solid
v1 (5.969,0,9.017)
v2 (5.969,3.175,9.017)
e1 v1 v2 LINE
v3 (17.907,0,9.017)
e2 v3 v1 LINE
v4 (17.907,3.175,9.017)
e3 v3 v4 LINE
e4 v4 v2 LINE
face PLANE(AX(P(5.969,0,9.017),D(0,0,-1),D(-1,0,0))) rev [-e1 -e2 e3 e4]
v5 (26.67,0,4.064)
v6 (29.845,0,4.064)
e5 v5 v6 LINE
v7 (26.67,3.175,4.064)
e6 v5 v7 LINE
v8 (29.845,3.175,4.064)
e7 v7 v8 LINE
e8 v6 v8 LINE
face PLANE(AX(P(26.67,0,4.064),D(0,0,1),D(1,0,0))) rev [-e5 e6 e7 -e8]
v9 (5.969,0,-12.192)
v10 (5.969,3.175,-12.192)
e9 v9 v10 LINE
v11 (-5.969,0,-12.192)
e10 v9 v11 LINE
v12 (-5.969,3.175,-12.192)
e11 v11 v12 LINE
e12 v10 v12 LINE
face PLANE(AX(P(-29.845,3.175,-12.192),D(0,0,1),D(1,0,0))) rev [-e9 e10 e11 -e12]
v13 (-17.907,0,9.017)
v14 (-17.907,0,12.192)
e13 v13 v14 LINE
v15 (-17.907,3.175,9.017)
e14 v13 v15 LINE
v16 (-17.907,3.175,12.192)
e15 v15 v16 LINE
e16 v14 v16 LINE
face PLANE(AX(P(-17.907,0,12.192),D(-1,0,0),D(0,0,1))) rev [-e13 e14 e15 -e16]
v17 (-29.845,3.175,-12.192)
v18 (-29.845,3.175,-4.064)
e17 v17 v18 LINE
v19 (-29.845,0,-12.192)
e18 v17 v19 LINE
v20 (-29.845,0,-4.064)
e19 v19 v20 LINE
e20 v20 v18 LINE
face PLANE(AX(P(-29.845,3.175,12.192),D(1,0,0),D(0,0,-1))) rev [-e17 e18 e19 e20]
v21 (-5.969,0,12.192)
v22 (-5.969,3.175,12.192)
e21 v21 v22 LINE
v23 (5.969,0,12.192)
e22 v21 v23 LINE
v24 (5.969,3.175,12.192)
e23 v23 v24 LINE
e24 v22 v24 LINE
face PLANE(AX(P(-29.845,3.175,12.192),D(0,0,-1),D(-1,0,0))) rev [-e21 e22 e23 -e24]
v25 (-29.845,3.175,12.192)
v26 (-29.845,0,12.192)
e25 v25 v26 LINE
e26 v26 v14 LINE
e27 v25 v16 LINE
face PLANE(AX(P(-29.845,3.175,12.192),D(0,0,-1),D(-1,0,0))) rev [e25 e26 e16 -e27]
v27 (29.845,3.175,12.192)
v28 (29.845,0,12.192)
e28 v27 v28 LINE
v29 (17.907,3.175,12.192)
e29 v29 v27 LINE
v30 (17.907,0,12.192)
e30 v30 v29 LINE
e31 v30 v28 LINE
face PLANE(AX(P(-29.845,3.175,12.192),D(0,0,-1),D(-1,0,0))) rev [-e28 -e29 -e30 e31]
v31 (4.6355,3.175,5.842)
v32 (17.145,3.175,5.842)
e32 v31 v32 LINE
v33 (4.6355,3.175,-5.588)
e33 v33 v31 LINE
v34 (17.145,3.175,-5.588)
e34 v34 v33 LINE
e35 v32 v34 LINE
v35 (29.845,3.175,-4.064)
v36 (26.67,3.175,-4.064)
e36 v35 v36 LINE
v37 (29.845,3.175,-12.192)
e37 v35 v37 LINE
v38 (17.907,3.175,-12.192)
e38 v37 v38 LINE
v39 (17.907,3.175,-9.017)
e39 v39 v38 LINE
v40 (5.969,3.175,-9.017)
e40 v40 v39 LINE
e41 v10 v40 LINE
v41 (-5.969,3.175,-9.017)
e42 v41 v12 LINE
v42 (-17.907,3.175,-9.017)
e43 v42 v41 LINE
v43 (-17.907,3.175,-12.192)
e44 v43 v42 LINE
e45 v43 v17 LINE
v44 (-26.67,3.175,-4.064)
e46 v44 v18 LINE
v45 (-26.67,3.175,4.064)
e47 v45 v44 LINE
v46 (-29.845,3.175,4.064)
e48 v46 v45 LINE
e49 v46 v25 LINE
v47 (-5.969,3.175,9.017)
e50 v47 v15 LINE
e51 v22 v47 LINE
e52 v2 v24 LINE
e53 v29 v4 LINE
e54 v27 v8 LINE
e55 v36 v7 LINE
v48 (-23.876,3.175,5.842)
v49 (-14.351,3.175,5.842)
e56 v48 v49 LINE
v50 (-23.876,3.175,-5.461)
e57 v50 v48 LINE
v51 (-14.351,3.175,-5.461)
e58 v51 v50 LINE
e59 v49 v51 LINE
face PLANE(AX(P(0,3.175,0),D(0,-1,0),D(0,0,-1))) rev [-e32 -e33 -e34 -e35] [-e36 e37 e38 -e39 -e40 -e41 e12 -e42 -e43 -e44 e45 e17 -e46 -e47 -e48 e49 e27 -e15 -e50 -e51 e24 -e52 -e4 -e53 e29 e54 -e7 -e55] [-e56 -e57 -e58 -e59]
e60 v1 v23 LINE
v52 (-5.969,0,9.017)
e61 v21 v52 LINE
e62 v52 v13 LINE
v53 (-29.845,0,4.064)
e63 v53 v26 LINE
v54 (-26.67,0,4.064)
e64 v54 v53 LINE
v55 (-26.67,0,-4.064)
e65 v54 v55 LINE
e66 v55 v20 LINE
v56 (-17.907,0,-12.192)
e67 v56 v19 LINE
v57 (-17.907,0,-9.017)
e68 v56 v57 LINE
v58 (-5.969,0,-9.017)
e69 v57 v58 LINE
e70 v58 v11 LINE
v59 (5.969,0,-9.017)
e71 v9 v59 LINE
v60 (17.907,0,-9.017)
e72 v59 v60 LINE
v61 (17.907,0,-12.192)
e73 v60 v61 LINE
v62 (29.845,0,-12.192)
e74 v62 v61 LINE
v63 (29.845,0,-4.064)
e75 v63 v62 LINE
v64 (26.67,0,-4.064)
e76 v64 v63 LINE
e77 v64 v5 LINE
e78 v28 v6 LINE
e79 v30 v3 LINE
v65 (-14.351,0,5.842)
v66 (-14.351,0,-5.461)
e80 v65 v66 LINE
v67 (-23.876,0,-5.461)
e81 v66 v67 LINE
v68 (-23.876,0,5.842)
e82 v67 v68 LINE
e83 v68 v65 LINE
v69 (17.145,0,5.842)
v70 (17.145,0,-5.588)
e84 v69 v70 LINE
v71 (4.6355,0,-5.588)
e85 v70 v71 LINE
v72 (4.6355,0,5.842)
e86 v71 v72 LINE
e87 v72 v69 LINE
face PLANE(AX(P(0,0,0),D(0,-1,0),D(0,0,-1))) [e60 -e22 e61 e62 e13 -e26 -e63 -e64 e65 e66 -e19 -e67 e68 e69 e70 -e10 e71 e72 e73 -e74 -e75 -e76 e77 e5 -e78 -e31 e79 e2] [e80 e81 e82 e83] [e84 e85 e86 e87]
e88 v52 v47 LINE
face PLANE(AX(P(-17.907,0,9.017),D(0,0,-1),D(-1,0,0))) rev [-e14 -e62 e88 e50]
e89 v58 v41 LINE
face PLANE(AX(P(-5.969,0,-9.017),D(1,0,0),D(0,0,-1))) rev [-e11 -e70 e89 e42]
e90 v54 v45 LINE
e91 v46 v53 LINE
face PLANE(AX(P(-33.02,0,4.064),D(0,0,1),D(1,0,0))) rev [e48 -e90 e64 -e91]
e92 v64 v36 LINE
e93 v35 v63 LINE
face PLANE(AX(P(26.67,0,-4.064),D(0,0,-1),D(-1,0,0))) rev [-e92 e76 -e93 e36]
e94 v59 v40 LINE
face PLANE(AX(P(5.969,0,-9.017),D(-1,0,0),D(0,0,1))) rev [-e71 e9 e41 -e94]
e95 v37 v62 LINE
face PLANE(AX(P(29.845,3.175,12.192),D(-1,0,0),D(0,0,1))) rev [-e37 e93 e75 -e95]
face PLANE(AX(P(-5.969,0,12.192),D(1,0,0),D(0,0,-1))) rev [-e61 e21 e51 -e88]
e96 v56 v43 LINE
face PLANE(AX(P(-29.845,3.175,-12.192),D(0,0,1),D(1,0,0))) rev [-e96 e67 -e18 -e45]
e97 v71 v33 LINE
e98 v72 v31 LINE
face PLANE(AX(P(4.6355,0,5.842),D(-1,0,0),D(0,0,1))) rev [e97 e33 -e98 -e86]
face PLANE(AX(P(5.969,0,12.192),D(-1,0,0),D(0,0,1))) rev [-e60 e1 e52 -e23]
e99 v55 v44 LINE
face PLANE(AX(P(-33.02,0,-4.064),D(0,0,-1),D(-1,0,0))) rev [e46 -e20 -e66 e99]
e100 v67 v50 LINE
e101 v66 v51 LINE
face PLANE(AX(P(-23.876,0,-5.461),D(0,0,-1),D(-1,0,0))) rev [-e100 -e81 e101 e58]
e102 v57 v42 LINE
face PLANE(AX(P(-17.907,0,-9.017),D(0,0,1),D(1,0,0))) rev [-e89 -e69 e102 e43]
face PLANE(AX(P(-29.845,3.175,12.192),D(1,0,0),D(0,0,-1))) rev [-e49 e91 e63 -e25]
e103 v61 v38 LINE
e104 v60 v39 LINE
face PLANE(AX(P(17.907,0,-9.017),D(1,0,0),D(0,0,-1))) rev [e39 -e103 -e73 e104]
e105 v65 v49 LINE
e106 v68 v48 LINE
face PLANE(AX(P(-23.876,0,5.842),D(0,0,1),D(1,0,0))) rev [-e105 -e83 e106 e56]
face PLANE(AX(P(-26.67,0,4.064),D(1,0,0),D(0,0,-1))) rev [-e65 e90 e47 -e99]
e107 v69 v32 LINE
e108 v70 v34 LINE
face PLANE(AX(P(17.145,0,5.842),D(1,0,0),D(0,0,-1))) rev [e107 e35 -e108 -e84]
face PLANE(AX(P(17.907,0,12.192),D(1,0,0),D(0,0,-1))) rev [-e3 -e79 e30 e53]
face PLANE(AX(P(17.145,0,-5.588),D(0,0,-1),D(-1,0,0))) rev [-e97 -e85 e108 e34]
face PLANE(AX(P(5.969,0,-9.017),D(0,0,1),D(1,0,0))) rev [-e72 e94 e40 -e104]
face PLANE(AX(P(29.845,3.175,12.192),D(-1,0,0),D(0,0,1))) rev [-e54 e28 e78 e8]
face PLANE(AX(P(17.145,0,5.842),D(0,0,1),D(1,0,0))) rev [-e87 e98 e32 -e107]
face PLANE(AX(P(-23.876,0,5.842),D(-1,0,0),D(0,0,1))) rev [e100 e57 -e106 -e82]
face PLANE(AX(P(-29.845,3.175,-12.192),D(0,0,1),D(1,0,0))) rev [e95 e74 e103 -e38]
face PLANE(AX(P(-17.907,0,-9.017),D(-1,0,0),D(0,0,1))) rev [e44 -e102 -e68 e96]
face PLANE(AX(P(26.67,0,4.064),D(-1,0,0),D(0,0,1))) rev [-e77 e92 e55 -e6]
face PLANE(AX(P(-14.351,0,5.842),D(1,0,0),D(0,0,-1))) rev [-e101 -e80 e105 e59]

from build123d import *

# Parameters (mm, degrees)
SKETCH1_W           = 59.69
SKETCH1_H           = 24.384
BOSS_EXTRUDE2_DEPTH = 3.175
SKETCH3_W           = 11.938
SKETCH3_H           = 3.175
CUT_EXTRUDE2_DEPTH  = 3.175
LPATTERN2_COUNT     = 2
LPATTERN2_PITCH     = 23.876
SKETCH4_W           = 6.35
SKETCH4_H           = 8.128
CUT_EXTRUDE3_DEPTH  = 3.175
SKETCH5_W           = 9.525
SKETCH5_H           = 11.303
SKETCH5_W_2         = 12.5095
SKETCH5_H_2         = 11.43
CUT_EXTRUDE4_DEPTH  = 3.175


with BuildPart() as part:
    # Sketch1 → Boss-Extrude2 (new body)
    with BuildSketch(Plane(origin=(0, 0, 0), x_dir=(1, 0, 0), z_dir=(0, 1, 0))):
        Rectangle(SKETCH1_W, SKETCH1_H)
    extrude(amount=BOSS_EXTRUDE2_DEPTH)

    # Sketch3 → Cut-Extrude2 (cut)
    with BuildSketch(Plane(origin=(0, 3.175, 0), x_dir=(1, 0, 0), z_dir=(0, 1, 0))):
        with Locations((11.938, 10.6045)):
            Rectangle(SKETCH3_W, SKETCH3_H)
        with Locations((11.938, -10.6045)):
            Rectangle(SKETCH3_W, SKETCH3_H)
    cut_extrude2 = extrude(amount=-CUT_EXTRUDE2_DEPTH, mode=Mode.SUBTRACT)

    # LPattern2: Cut-Extrude2 ×2
    with Locations(*[(-i * LPATTERN2_PITCH, 0, 0) for i in range(1, LPATTERN2_COUNT)]):
        add(cut_extrude2, mode=Mode.SUBTRACT)

    # Sketch4 → Cut-Extrude3 (cut)
    with BuildSketch(Plane(origin=(0, 3.175, 0), x_dir=(1, 0, 0), z_dir=(0, 1, 0))):
        with Locations((-29.845, 0)):
            Rectangle(SKETCH4_W, SKETCH4_H)
        with Locations((29.845, 0)):
            Rectangle(SKETCH4_W, SKETCH4_H)
    extrude(amount=-CUT_EXTRUDE3_DEPTH, mode=Mode.SUBTRACT)

    # Sketch5 → Cut-Extrude4 (cut)
    with BuildSketch(Plane(origin=(0, 3.175, 0), x_dir=(1, 0, 0), z_dir=(0, 1, 0))):
        with Locations((-19.1135, -0.1905)):
            Rectangle(SKETCH5_W, SKETCH5_H)
        with Locations((10.89025, -0.127)):
            Rectangle(SKETCH5_W_2, SKETCH5_H_2)
    extrude(amount=-CUT_EXTRUDE4_DEPTH, mode=Mode.SUBTRACT)


solid = part.part
